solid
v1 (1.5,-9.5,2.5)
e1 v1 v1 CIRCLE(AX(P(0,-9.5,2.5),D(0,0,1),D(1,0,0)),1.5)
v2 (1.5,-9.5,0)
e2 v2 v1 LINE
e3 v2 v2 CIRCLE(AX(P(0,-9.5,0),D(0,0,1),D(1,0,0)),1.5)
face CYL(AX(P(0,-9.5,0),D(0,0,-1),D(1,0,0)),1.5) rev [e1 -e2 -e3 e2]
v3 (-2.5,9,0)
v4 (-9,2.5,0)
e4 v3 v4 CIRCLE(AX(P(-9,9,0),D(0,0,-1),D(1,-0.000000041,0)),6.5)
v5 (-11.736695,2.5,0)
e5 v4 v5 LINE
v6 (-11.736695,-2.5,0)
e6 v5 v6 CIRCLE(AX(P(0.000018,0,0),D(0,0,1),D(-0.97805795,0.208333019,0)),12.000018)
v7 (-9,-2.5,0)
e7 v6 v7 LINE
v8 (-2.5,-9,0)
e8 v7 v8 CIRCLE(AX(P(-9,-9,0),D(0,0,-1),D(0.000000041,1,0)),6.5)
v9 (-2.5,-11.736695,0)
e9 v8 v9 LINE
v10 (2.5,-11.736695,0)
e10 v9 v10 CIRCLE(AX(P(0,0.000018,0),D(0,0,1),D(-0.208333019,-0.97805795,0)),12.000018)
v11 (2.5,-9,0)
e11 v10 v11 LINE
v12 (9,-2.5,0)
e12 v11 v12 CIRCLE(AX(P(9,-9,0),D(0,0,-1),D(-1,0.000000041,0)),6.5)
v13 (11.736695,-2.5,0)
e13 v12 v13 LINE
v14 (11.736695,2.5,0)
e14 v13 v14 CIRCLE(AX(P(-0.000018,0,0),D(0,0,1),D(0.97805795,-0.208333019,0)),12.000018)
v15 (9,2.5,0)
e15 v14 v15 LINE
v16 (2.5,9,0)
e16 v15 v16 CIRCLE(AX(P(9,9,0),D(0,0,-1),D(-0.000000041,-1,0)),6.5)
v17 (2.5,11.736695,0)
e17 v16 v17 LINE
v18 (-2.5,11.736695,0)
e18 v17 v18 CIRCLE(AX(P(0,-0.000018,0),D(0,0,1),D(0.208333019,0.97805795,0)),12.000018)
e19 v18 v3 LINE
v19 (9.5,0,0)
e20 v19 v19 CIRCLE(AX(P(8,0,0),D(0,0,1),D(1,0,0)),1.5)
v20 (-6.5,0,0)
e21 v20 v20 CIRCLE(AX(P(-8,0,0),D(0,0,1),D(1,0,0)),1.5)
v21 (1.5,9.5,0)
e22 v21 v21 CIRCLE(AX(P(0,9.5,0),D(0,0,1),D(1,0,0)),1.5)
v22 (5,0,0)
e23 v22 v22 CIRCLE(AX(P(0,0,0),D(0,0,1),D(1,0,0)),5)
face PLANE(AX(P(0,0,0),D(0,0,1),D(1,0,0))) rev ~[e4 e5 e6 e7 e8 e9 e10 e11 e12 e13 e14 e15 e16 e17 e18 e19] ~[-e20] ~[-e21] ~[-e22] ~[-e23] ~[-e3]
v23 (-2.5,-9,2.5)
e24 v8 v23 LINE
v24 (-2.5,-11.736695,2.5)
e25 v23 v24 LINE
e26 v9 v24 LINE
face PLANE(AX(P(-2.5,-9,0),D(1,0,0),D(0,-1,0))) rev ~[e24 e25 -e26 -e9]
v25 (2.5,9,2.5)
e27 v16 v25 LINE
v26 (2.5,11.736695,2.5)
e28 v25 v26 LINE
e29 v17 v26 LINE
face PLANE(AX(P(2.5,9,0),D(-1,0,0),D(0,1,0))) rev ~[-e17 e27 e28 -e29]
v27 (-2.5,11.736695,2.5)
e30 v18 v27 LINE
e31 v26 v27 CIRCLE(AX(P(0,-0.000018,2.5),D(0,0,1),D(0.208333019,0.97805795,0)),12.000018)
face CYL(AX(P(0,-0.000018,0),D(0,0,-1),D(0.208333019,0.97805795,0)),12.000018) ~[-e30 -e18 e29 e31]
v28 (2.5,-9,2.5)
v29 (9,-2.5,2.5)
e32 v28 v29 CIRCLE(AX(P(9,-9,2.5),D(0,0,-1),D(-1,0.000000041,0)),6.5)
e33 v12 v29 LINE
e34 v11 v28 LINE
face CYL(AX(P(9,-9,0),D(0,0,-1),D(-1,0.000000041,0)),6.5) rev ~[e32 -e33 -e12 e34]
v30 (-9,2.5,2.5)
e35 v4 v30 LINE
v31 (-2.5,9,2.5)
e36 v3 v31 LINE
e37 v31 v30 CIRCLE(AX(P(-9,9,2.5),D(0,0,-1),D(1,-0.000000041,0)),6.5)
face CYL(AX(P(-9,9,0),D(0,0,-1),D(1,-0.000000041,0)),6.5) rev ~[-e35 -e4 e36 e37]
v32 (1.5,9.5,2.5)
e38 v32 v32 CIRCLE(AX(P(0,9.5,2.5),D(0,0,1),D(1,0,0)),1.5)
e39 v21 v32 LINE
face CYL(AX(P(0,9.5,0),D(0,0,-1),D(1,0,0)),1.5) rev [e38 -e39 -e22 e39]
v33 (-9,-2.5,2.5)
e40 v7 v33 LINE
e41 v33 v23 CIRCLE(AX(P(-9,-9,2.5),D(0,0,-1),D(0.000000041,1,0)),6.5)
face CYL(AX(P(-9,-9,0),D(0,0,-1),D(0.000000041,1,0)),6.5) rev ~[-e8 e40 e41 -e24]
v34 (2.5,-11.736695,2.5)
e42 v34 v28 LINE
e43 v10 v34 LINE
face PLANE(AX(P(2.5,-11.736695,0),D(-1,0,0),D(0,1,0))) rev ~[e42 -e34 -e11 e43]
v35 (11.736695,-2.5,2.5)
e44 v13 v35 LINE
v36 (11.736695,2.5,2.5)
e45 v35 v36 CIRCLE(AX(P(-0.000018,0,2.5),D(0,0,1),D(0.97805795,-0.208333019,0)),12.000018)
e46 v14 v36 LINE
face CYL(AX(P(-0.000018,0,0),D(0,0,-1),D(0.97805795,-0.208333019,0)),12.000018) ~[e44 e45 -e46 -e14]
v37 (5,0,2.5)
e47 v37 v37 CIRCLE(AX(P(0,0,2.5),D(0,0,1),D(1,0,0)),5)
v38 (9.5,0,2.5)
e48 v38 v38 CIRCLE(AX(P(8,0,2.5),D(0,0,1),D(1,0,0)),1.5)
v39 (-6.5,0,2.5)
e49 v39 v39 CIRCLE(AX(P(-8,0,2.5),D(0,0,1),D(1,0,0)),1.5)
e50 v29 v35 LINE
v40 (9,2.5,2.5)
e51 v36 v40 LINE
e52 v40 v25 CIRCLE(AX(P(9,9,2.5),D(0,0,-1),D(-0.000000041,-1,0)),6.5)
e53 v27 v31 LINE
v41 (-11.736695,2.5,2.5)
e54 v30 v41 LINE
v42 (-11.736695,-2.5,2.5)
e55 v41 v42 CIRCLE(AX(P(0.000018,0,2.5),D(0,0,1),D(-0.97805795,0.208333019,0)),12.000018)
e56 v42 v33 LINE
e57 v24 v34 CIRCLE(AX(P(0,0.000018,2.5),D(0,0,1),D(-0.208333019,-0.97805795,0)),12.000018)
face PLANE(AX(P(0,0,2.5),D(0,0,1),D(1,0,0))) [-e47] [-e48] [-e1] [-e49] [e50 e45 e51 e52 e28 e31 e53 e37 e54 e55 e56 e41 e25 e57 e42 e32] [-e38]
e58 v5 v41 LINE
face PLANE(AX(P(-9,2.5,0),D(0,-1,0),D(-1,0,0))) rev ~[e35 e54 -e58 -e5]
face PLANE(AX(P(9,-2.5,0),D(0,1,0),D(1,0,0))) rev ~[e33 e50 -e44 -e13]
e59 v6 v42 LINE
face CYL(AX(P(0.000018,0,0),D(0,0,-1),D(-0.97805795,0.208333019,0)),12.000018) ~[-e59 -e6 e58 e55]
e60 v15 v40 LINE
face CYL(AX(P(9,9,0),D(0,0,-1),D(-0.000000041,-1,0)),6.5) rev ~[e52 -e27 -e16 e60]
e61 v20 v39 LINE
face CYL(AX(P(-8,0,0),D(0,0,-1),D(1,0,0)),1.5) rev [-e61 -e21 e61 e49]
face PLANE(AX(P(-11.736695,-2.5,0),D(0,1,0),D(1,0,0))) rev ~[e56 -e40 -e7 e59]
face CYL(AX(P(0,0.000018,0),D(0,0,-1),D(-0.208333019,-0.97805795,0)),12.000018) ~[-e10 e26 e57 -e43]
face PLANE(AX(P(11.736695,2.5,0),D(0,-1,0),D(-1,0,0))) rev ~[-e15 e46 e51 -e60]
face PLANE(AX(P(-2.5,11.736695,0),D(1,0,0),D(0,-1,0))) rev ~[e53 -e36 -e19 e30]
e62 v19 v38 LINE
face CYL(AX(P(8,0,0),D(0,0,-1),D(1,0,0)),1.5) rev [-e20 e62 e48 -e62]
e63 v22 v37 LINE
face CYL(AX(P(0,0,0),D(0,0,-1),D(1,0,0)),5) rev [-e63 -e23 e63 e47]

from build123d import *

# Parameters (mm, degrees)
F0_R     = 1.5
F0_R_2   = 5
F1_DEPTH = 2.5


with BuildPart() as f1:
    # F0 (on Top) → F1 (new body)
    with BuildSketch(Plane.XY):
        with BuildLine():
            Line((-2.5, 11.736695), (-2.5, 9.5))
            Line((-2.5, 9.5), (-2.5, 9))
            ThreePointArc((-2.5, 9), (-4.403806, 4.403806), (-9, 2.5))
            Line((-9, 2.5), (-11.736695, 2.5))
            ThreePointArc((-11.736695, 2.5), (-12, 0), (-11.736695, -2.5))
            Line((-11.736695, -2.5), (-9, -2.5))
            ThreePointArc((-9, -2.5), (-4.403806, -4.403806), (-2.5, -9))
            Line((-2.5, -9), (-2.5, -9.5))
            Line((-2.5, -9.5), (-2.5, -11.736695))
            ThreePointArc((-2.5, -11.736695), (0, -12), (2.5, -11.736695))
            Line((2.5, -11.736695), (2.5, -9.5))
            Line((2.5, -9.5), (2.5, -9))
            ThreePointArc((2.5, -9), (4.403806, -4.403806), (9, -2.5))
            Line((9, -2.5), (11.736695, -2.5))
            ThreePointArc((11.736695, -2.5), (12, 0), (11.736695, 2.5))
            Line((11.736695, 2.5), (9, 2.5))
            ThreePointArc((9, 2.5), (4.403806, 4.403806), (2.5, 9))
            Line((2.5, 9), (2.5, 9.5))
            Line((2.5, 9.5), (2.5, 11.736695))
            ThreePointArc((2.5, 11.736695), (0, 12), (-2.5, 11.736695))
        make_face()
        with Locations((0, -9.5)):
            Circle(F0_R, mode=Mode.SUBTRACT)
        with Locations((-8, 0)):
            Circle(F0_R, mode=Mode.SUBTRACT)
        Circle(F0_R_2, mode=Mode.SUBTRACT)
        with Locations((8, 0)):
            Circle(F0_R, mode=Mode.SUBTRACT)
        with Locations((0, 9.5)):
            Circle(F0_R, mode=Mode.SUBTRACT)
    extrude(amount=F1_DEPTH)


solid = f1.part
